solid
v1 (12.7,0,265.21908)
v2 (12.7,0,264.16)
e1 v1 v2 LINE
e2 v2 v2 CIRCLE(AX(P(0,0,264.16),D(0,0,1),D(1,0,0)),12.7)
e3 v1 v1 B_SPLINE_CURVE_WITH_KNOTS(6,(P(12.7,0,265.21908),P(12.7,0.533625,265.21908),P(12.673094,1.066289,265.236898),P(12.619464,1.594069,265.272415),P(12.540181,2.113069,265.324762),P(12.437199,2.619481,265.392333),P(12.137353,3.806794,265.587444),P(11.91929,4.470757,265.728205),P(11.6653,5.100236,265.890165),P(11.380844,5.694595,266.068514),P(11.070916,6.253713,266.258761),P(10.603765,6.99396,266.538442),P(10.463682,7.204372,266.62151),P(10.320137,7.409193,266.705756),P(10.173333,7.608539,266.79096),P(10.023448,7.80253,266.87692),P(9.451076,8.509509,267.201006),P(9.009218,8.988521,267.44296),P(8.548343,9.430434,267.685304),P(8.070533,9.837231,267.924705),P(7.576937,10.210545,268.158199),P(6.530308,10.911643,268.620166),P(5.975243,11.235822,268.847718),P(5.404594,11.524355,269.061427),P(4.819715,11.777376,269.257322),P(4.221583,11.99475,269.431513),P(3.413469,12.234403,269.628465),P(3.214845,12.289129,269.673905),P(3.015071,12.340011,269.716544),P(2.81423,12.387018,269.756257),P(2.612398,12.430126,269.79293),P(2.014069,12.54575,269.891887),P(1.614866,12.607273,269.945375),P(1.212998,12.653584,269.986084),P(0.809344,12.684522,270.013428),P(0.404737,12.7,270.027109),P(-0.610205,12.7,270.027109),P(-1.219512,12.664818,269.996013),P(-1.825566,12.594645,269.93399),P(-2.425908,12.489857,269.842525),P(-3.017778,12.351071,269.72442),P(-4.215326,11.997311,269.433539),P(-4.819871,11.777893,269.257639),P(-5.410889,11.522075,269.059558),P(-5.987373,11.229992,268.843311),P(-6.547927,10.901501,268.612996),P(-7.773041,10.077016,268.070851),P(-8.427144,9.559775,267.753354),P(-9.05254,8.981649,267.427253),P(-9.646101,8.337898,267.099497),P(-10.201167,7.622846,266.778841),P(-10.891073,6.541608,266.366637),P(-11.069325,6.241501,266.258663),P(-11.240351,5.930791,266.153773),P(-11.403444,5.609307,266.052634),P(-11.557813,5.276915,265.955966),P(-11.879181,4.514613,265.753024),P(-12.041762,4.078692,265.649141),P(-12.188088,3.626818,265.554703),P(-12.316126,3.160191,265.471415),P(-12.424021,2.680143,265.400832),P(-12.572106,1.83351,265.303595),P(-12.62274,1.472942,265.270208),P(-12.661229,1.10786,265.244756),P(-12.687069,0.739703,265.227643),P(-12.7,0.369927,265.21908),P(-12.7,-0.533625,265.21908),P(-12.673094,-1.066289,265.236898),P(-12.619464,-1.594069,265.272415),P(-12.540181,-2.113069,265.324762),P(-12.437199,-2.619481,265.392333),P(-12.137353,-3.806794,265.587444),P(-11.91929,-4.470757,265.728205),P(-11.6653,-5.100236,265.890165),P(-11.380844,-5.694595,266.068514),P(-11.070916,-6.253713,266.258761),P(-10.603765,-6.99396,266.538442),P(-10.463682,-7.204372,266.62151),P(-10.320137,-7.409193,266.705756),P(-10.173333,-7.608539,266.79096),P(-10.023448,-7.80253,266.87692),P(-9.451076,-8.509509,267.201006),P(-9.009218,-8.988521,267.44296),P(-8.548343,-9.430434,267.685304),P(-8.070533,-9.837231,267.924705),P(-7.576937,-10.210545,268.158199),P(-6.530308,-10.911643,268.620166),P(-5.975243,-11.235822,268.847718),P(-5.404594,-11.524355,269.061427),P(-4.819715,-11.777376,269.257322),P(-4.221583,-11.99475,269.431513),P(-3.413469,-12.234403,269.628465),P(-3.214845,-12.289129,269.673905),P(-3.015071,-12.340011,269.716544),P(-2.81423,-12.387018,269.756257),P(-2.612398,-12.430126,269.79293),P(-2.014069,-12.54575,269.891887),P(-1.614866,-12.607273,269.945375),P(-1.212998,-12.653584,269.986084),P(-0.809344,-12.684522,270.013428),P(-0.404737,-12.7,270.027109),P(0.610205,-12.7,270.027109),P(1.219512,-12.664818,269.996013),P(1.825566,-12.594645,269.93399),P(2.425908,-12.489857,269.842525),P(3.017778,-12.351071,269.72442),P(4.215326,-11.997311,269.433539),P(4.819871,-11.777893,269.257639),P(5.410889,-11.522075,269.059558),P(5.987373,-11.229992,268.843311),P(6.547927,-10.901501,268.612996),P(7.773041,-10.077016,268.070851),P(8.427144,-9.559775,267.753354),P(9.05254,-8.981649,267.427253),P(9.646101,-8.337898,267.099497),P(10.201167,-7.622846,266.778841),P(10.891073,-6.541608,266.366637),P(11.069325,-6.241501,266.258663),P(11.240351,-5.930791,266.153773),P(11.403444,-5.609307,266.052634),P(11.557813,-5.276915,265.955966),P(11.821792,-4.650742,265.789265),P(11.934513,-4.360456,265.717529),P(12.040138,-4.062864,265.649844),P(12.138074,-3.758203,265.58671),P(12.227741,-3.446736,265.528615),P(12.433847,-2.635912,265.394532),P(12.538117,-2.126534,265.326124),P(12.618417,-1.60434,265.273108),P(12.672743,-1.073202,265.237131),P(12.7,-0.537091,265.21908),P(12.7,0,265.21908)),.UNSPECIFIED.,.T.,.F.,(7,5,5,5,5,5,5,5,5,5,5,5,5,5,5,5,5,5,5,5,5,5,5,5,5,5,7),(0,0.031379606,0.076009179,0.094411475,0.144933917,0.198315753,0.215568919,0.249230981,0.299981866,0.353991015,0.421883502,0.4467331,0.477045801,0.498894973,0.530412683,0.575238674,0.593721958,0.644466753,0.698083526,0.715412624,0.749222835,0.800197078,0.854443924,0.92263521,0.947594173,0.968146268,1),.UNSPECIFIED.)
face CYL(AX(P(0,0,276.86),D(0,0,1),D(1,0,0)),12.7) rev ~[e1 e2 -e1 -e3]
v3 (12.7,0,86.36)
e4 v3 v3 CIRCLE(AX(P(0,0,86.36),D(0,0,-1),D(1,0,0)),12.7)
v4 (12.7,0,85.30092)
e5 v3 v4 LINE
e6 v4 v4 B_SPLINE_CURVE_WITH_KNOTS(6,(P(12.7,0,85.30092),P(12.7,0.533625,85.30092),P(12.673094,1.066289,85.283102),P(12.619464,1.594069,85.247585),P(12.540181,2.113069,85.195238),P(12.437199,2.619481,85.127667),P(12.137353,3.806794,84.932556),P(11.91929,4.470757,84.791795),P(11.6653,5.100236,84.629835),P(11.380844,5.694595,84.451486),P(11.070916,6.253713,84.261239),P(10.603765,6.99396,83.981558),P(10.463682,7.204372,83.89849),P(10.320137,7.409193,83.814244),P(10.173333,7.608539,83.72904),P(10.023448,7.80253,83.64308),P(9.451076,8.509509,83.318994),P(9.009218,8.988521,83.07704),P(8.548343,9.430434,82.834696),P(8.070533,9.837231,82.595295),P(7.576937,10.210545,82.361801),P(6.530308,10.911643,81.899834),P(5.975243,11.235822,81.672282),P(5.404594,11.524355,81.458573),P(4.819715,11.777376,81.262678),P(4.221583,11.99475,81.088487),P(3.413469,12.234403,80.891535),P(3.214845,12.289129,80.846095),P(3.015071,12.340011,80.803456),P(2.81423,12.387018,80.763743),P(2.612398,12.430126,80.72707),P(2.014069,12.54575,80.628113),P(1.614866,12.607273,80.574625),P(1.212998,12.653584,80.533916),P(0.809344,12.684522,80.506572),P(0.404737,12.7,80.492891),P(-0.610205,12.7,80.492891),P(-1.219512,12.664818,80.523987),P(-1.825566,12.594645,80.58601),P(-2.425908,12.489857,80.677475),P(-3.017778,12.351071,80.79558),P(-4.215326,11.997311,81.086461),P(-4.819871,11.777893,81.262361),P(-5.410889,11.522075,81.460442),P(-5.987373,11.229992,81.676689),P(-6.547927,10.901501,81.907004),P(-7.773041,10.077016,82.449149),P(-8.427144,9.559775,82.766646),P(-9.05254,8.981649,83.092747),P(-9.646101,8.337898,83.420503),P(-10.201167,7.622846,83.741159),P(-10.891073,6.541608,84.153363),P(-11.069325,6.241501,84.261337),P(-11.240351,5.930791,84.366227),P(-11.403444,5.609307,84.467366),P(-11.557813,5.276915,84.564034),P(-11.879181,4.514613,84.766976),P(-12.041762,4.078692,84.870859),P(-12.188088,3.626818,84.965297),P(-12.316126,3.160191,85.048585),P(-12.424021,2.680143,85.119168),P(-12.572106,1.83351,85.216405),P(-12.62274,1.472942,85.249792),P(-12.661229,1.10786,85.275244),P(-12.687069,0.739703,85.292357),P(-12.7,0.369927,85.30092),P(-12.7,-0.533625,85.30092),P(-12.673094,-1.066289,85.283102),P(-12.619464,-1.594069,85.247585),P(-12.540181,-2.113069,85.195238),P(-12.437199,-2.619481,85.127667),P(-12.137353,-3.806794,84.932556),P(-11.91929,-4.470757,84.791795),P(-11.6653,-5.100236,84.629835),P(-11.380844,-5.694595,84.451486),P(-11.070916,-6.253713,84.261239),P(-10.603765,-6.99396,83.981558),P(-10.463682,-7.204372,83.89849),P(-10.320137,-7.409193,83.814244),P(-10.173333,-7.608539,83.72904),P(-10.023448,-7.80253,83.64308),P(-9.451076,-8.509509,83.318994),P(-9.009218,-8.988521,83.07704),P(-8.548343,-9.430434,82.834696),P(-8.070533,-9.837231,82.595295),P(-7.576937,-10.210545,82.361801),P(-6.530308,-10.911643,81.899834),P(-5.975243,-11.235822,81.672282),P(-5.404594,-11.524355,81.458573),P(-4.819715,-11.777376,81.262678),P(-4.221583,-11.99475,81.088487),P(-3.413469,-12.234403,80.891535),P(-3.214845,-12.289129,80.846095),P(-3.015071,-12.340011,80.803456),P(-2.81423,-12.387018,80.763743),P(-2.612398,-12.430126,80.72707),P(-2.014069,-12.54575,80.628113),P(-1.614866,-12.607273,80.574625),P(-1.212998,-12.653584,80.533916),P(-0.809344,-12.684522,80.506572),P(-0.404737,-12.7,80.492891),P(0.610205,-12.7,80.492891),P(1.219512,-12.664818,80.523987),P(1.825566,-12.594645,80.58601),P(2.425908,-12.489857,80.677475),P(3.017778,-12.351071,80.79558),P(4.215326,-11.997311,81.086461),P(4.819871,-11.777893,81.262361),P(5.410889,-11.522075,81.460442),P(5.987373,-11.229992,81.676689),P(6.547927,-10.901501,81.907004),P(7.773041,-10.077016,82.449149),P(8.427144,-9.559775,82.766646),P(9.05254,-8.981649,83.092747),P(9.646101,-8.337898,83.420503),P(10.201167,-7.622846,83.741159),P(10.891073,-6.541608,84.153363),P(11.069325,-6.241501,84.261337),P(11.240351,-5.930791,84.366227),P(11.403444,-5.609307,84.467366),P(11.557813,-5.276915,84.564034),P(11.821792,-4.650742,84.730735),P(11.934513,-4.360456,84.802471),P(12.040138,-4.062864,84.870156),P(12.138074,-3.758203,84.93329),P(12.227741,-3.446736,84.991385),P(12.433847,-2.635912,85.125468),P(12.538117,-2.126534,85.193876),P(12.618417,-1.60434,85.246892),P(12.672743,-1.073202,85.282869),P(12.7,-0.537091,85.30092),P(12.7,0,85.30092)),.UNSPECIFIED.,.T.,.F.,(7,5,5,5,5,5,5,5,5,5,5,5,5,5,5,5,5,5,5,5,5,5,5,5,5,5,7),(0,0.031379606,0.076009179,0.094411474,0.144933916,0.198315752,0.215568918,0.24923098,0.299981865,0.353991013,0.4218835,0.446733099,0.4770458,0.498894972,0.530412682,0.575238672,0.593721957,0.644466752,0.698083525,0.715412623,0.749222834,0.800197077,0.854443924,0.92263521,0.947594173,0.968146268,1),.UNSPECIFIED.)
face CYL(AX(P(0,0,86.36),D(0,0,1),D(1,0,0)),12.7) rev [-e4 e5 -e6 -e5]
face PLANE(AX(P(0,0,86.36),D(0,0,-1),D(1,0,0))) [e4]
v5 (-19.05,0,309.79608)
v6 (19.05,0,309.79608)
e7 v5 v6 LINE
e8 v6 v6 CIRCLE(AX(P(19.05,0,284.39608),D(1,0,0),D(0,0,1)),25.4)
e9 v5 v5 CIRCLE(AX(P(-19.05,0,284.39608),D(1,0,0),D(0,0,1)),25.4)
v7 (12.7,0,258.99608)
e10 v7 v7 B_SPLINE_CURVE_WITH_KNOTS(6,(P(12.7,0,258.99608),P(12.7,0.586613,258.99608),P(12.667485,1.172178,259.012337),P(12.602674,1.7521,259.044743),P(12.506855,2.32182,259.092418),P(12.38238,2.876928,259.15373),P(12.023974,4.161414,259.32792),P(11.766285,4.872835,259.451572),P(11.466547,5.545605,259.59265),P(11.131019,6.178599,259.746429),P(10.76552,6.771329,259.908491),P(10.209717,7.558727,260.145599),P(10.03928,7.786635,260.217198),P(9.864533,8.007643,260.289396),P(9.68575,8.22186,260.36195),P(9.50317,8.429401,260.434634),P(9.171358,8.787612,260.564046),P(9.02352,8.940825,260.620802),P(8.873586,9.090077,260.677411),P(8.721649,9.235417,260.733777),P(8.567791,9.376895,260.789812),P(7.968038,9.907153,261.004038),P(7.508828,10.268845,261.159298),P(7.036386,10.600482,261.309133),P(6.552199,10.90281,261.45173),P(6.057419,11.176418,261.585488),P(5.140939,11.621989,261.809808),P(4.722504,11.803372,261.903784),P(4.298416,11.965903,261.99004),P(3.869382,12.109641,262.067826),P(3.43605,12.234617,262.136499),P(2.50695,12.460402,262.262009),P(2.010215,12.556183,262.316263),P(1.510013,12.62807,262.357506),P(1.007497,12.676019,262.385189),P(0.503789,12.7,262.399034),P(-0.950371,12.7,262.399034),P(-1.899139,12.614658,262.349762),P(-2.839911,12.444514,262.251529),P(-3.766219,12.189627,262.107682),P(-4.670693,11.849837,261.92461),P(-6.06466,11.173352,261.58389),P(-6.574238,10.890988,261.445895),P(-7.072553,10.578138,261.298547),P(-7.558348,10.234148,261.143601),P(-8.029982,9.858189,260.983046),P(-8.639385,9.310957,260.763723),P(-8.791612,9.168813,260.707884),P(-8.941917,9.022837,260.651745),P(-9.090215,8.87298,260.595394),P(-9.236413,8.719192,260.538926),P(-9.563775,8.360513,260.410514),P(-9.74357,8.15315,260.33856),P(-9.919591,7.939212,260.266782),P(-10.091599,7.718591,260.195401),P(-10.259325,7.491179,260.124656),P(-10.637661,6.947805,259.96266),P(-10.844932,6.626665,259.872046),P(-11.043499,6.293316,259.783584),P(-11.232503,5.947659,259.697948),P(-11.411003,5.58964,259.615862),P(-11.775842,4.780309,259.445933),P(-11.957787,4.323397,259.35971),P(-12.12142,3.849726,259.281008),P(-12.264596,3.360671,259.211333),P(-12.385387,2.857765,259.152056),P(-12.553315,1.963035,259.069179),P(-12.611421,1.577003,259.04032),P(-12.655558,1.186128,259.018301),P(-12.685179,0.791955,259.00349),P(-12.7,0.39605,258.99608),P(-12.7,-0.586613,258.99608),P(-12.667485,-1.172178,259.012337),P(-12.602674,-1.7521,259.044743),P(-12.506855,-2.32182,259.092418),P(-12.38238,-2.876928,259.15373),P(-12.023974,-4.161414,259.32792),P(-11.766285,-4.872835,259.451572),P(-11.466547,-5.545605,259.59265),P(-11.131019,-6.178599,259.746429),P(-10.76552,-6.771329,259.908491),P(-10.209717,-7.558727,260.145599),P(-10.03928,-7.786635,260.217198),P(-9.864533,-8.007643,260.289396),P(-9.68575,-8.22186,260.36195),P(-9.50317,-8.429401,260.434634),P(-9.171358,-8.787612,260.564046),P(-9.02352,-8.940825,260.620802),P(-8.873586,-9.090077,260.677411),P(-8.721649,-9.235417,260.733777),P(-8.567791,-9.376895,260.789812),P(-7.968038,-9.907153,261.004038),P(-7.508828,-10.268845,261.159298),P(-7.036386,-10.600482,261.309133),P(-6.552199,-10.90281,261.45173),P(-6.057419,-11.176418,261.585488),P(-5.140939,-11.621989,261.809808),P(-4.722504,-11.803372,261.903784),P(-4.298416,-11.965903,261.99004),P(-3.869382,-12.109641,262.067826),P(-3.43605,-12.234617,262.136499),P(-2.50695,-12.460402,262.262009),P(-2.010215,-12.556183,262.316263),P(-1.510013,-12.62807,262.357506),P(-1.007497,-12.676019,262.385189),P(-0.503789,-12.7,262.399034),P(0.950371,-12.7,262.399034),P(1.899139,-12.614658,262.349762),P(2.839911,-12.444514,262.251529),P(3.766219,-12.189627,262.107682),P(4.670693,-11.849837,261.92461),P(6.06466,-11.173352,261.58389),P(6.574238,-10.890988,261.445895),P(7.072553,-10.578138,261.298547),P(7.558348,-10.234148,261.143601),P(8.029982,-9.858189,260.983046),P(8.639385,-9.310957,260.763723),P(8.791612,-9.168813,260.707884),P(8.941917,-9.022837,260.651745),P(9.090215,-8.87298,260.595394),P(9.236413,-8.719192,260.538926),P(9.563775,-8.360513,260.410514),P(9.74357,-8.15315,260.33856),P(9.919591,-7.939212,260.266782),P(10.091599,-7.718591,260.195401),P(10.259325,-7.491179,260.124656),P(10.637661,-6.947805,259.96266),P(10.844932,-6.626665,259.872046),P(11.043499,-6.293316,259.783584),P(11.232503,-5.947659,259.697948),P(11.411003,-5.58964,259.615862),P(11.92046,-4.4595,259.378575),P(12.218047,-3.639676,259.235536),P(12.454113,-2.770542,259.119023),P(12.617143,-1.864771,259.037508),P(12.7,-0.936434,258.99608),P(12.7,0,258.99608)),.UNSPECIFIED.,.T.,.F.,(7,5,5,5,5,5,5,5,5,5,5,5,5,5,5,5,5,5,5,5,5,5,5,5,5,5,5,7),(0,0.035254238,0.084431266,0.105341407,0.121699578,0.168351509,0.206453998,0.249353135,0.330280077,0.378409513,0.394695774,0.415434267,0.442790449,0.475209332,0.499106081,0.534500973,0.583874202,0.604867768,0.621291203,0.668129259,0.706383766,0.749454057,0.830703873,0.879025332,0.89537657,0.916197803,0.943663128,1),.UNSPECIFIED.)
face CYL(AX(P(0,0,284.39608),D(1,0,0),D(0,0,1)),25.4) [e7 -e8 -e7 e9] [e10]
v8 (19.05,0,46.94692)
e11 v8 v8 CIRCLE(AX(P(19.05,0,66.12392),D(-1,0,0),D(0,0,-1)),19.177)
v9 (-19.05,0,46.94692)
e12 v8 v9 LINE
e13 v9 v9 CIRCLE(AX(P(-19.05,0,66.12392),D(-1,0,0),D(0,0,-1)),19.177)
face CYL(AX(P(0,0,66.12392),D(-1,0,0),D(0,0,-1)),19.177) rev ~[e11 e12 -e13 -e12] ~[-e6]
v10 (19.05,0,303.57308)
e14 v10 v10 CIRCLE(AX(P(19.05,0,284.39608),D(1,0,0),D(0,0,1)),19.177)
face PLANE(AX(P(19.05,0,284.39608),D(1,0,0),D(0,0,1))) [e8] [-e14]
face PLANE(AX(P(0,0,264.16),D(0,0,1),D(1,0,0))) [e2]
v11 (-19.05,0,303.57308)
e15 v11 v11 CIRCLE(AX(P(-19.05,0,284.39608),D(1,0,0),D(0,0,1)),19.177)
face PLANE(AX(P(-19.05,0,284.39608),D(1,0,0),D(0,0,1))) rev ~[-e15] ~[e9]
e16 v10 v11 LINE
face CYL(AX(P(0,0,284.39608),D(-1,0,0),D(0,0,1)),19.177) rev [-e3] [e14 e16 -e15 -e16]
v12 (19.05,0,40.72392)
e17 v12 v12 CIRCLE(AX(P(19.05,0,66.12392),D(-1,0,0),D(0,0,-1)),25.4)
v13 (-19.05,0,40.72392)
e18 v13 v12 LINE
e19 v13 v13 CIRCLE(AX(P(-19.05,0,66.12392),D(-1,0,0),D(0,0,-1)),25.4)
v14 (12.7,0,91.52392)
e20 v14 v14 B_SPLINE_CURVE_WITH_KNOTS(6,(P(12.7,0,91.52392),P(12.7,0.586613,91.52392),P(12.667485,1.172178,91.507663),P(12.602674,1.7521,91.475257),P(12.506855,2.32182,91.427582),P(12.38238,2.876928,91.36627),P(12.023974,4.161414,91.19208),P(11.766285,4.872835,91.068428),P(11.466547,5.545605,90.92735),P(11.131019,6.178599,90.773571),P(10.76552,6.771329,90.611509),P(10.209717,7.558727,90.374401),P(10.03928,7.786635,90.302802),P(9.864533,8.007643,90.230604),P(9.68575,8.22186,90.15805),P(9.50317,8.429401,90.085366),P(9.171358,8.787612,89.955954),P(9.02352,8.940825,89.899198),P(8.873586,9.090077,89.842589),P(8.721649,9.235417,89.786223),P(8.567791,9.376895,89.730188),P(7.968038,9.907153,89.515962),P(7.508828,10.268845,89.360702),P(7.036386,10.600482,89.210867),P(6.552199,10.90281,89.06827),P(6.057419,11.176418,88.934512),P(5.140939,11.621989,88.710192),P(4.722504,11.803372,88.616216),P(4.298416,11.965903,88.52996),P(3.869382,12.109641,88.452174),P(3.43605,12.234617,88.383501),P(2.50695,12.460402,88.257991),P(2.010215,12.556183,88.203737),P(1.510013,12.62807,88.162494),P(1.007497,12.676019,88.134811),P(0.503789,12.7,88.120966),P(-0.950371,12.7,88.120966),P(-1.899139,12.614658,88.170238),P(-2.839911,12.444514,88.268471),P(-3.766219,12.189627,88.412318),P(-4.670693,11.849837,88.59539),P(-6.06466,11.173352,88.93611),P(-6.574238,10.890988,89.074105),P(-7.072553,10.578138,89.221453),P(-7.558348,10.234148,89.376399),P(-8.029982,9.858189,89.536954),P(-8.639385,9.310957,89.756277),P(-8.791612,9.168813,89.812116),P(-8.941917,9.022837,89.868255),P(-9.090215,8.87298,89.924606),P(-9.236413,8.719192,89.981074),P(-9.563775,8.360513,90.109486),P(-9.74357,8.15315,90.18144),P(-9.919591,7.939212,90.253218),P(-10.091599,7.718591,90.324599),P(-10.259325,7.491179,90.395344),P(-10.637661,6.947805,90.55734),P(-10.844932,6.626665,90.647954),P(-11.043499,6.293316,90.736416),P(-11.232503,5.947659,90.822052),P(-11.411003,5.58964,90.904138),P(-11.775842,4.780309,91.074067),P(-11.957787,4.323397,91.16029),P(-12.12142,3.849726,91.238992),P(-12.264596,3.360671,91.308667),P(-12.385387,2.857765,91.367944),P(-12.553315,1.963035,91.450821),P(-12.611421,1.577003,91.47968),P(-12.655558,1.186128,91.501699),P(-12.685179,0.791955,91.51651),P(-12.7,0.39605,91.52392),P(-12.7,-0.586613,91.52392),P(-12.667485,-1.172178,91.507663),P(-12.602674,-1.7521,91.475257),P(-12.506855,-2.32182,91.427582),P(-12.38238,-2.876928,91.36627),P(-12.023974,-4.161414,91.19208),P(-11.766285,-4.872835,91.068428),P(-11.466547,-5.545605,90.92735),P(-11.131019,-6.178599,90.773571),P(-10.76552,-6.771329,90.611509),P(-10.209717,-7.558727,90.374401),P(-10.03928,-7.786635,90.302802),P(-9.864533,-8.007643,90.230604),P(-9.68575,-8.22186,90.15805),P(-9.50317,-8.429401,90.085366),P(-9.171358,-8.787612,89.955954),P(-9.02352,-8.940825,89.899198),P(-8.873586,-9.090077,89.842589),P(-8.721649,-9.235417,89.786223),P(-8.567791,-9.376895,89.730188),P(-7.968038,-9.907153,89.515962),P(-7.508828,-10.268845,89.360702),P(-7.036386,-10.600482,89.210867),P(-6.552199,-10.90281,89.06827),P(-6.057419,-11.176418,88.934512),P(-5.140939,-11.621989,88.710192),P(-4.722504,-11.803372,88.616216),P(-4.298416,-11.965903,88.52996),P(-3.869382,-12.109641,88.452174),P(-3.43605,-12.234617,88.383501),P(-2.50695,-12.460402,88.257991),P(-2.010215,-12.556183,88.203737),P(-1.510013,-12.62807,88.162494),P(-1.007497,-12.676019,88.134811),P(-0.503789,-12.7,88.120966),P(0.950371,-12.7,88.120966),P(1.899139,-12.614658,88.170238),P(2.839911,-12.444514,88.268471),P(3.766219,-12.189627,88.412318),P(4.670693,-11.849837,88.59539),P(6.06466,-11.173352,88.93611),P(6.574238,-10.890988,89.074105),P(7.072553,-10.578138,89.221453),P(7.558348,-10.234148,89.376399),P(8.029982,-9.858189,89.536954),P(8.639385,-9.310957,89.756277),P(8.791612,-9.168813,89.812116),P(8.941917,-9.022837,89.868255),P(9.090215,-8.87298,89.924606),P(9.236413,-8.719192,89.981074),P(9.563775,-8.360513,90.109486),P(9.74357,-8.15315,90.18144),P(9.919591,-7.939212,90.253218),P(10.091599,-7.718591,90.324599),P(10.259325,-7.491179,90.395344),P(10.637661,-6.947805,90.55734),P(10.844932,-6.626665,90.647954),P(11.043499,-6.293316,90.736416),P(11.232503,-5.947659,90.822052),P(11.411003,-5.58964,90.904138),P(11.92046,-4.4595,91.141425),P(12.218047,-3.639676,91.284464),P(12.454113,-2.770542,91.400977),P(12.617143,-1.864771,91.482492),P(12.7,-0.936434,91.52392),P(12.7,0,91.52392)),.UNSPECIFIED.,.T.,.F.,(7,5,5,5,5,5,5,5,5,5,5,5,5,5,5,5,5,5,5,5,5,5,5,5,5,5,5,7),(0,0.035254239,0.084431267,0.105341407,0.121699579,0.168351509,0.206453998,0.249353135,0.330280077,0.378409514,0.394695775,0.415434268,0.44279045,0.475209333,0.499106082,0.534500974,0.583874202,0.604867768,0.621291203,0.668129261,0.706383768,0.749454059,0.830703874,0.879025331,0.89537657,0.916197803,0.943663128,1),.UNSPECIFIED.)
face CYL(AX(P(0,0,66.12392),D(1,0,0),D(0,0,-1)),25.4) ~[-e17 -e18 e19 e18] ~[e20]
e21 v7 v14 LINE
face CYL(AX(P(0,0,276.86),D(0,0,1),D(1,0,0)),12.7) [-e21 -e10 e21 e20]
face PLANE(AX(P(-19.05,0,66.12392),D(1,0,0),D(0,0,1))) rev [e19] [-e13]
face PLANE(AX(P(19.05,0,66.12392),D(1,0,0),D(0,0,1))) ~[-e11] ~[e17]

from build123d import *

# Parameters (mm, degrees)
SKETCH4_R           = 25.4
SKETCH4_R_2         = 19.177
BOSS_EXTRUDE3_DEPTH = 19.05
SKETCH6_R           = 12.7
BOSS_EXTRUDE4_DEPTH = 203.2
CUT_EXTRUDE2_START  = -12.7
SKETCH8_R           = 12.7
CUT_EXTRUDE2_DEPTH  = 12.7
SKETCH9_R           = 12.7
CUT_EXTRUDE4_DEPTH  = 12.7


with BuildPart() as part:
    # Sketch4 → Boss-Extrude3 (new, symmetric)
    with BuildSketch(Plane(origin=(0, 0, 0), x_dir=(0, 0, -1), z_dir=(1, 0, 0))):
        with Locations(Location((-284.396079729, 0, 0), (0, 0, 180))):
            Circle(SKETCH4_R)
        with Locations(Location((-284.396079729, 0, 0), (0, 0, 180))):
            Circle(SKETCH4_R_2, mode=Mode.SUBTRACT)
    boss_extrude3 = extrude(amount=BOSS_EXTRUDE3_DEPTH, both=True)

    # Sketch6 → Boss-Extrude4 (add)
    with BuildSketch(Plane.XY.offset(276.86)):
        Circle(SKETCH6_R)
    extrude(amount=-BOSS_EXTRUDE4_DEPTH)

    # Mirror1: Boss-Extrude3 across plane
    add(boss_extrude3.mirror(Plane(origin=(0, 0, 175.26), x_dir=(1, 0, 0), z_dir=(0, 0, -1))))

    # Sketch8 → Cut-Extrude2 (cut)
    with BuildSketch(Plane(origin=(0, 0, 73.66), x_dir=(-1, 0, 0), z_dir=(0, 0, -1)).offset(CUT_EXTRUDE2_START)):
        with Locations(Location((0, 0, 0), (0, 0, 180))):
            Circle(SKETCH8_R)
    extrude(amount=CUT_EXTRUDE2_DEPTH, mode=Mode.SUBTRACT)

    # Sketch9 → Cut-Extrude4 (cut)
    with BuildSketch(Plane.XY.offset(276.86)):
        Circle(SKETCH9_R)
    extrude(amount=-CUT_EXTRUDE4_DEPTH, mode=Mode.SUBTRACT)


solid = part.part
